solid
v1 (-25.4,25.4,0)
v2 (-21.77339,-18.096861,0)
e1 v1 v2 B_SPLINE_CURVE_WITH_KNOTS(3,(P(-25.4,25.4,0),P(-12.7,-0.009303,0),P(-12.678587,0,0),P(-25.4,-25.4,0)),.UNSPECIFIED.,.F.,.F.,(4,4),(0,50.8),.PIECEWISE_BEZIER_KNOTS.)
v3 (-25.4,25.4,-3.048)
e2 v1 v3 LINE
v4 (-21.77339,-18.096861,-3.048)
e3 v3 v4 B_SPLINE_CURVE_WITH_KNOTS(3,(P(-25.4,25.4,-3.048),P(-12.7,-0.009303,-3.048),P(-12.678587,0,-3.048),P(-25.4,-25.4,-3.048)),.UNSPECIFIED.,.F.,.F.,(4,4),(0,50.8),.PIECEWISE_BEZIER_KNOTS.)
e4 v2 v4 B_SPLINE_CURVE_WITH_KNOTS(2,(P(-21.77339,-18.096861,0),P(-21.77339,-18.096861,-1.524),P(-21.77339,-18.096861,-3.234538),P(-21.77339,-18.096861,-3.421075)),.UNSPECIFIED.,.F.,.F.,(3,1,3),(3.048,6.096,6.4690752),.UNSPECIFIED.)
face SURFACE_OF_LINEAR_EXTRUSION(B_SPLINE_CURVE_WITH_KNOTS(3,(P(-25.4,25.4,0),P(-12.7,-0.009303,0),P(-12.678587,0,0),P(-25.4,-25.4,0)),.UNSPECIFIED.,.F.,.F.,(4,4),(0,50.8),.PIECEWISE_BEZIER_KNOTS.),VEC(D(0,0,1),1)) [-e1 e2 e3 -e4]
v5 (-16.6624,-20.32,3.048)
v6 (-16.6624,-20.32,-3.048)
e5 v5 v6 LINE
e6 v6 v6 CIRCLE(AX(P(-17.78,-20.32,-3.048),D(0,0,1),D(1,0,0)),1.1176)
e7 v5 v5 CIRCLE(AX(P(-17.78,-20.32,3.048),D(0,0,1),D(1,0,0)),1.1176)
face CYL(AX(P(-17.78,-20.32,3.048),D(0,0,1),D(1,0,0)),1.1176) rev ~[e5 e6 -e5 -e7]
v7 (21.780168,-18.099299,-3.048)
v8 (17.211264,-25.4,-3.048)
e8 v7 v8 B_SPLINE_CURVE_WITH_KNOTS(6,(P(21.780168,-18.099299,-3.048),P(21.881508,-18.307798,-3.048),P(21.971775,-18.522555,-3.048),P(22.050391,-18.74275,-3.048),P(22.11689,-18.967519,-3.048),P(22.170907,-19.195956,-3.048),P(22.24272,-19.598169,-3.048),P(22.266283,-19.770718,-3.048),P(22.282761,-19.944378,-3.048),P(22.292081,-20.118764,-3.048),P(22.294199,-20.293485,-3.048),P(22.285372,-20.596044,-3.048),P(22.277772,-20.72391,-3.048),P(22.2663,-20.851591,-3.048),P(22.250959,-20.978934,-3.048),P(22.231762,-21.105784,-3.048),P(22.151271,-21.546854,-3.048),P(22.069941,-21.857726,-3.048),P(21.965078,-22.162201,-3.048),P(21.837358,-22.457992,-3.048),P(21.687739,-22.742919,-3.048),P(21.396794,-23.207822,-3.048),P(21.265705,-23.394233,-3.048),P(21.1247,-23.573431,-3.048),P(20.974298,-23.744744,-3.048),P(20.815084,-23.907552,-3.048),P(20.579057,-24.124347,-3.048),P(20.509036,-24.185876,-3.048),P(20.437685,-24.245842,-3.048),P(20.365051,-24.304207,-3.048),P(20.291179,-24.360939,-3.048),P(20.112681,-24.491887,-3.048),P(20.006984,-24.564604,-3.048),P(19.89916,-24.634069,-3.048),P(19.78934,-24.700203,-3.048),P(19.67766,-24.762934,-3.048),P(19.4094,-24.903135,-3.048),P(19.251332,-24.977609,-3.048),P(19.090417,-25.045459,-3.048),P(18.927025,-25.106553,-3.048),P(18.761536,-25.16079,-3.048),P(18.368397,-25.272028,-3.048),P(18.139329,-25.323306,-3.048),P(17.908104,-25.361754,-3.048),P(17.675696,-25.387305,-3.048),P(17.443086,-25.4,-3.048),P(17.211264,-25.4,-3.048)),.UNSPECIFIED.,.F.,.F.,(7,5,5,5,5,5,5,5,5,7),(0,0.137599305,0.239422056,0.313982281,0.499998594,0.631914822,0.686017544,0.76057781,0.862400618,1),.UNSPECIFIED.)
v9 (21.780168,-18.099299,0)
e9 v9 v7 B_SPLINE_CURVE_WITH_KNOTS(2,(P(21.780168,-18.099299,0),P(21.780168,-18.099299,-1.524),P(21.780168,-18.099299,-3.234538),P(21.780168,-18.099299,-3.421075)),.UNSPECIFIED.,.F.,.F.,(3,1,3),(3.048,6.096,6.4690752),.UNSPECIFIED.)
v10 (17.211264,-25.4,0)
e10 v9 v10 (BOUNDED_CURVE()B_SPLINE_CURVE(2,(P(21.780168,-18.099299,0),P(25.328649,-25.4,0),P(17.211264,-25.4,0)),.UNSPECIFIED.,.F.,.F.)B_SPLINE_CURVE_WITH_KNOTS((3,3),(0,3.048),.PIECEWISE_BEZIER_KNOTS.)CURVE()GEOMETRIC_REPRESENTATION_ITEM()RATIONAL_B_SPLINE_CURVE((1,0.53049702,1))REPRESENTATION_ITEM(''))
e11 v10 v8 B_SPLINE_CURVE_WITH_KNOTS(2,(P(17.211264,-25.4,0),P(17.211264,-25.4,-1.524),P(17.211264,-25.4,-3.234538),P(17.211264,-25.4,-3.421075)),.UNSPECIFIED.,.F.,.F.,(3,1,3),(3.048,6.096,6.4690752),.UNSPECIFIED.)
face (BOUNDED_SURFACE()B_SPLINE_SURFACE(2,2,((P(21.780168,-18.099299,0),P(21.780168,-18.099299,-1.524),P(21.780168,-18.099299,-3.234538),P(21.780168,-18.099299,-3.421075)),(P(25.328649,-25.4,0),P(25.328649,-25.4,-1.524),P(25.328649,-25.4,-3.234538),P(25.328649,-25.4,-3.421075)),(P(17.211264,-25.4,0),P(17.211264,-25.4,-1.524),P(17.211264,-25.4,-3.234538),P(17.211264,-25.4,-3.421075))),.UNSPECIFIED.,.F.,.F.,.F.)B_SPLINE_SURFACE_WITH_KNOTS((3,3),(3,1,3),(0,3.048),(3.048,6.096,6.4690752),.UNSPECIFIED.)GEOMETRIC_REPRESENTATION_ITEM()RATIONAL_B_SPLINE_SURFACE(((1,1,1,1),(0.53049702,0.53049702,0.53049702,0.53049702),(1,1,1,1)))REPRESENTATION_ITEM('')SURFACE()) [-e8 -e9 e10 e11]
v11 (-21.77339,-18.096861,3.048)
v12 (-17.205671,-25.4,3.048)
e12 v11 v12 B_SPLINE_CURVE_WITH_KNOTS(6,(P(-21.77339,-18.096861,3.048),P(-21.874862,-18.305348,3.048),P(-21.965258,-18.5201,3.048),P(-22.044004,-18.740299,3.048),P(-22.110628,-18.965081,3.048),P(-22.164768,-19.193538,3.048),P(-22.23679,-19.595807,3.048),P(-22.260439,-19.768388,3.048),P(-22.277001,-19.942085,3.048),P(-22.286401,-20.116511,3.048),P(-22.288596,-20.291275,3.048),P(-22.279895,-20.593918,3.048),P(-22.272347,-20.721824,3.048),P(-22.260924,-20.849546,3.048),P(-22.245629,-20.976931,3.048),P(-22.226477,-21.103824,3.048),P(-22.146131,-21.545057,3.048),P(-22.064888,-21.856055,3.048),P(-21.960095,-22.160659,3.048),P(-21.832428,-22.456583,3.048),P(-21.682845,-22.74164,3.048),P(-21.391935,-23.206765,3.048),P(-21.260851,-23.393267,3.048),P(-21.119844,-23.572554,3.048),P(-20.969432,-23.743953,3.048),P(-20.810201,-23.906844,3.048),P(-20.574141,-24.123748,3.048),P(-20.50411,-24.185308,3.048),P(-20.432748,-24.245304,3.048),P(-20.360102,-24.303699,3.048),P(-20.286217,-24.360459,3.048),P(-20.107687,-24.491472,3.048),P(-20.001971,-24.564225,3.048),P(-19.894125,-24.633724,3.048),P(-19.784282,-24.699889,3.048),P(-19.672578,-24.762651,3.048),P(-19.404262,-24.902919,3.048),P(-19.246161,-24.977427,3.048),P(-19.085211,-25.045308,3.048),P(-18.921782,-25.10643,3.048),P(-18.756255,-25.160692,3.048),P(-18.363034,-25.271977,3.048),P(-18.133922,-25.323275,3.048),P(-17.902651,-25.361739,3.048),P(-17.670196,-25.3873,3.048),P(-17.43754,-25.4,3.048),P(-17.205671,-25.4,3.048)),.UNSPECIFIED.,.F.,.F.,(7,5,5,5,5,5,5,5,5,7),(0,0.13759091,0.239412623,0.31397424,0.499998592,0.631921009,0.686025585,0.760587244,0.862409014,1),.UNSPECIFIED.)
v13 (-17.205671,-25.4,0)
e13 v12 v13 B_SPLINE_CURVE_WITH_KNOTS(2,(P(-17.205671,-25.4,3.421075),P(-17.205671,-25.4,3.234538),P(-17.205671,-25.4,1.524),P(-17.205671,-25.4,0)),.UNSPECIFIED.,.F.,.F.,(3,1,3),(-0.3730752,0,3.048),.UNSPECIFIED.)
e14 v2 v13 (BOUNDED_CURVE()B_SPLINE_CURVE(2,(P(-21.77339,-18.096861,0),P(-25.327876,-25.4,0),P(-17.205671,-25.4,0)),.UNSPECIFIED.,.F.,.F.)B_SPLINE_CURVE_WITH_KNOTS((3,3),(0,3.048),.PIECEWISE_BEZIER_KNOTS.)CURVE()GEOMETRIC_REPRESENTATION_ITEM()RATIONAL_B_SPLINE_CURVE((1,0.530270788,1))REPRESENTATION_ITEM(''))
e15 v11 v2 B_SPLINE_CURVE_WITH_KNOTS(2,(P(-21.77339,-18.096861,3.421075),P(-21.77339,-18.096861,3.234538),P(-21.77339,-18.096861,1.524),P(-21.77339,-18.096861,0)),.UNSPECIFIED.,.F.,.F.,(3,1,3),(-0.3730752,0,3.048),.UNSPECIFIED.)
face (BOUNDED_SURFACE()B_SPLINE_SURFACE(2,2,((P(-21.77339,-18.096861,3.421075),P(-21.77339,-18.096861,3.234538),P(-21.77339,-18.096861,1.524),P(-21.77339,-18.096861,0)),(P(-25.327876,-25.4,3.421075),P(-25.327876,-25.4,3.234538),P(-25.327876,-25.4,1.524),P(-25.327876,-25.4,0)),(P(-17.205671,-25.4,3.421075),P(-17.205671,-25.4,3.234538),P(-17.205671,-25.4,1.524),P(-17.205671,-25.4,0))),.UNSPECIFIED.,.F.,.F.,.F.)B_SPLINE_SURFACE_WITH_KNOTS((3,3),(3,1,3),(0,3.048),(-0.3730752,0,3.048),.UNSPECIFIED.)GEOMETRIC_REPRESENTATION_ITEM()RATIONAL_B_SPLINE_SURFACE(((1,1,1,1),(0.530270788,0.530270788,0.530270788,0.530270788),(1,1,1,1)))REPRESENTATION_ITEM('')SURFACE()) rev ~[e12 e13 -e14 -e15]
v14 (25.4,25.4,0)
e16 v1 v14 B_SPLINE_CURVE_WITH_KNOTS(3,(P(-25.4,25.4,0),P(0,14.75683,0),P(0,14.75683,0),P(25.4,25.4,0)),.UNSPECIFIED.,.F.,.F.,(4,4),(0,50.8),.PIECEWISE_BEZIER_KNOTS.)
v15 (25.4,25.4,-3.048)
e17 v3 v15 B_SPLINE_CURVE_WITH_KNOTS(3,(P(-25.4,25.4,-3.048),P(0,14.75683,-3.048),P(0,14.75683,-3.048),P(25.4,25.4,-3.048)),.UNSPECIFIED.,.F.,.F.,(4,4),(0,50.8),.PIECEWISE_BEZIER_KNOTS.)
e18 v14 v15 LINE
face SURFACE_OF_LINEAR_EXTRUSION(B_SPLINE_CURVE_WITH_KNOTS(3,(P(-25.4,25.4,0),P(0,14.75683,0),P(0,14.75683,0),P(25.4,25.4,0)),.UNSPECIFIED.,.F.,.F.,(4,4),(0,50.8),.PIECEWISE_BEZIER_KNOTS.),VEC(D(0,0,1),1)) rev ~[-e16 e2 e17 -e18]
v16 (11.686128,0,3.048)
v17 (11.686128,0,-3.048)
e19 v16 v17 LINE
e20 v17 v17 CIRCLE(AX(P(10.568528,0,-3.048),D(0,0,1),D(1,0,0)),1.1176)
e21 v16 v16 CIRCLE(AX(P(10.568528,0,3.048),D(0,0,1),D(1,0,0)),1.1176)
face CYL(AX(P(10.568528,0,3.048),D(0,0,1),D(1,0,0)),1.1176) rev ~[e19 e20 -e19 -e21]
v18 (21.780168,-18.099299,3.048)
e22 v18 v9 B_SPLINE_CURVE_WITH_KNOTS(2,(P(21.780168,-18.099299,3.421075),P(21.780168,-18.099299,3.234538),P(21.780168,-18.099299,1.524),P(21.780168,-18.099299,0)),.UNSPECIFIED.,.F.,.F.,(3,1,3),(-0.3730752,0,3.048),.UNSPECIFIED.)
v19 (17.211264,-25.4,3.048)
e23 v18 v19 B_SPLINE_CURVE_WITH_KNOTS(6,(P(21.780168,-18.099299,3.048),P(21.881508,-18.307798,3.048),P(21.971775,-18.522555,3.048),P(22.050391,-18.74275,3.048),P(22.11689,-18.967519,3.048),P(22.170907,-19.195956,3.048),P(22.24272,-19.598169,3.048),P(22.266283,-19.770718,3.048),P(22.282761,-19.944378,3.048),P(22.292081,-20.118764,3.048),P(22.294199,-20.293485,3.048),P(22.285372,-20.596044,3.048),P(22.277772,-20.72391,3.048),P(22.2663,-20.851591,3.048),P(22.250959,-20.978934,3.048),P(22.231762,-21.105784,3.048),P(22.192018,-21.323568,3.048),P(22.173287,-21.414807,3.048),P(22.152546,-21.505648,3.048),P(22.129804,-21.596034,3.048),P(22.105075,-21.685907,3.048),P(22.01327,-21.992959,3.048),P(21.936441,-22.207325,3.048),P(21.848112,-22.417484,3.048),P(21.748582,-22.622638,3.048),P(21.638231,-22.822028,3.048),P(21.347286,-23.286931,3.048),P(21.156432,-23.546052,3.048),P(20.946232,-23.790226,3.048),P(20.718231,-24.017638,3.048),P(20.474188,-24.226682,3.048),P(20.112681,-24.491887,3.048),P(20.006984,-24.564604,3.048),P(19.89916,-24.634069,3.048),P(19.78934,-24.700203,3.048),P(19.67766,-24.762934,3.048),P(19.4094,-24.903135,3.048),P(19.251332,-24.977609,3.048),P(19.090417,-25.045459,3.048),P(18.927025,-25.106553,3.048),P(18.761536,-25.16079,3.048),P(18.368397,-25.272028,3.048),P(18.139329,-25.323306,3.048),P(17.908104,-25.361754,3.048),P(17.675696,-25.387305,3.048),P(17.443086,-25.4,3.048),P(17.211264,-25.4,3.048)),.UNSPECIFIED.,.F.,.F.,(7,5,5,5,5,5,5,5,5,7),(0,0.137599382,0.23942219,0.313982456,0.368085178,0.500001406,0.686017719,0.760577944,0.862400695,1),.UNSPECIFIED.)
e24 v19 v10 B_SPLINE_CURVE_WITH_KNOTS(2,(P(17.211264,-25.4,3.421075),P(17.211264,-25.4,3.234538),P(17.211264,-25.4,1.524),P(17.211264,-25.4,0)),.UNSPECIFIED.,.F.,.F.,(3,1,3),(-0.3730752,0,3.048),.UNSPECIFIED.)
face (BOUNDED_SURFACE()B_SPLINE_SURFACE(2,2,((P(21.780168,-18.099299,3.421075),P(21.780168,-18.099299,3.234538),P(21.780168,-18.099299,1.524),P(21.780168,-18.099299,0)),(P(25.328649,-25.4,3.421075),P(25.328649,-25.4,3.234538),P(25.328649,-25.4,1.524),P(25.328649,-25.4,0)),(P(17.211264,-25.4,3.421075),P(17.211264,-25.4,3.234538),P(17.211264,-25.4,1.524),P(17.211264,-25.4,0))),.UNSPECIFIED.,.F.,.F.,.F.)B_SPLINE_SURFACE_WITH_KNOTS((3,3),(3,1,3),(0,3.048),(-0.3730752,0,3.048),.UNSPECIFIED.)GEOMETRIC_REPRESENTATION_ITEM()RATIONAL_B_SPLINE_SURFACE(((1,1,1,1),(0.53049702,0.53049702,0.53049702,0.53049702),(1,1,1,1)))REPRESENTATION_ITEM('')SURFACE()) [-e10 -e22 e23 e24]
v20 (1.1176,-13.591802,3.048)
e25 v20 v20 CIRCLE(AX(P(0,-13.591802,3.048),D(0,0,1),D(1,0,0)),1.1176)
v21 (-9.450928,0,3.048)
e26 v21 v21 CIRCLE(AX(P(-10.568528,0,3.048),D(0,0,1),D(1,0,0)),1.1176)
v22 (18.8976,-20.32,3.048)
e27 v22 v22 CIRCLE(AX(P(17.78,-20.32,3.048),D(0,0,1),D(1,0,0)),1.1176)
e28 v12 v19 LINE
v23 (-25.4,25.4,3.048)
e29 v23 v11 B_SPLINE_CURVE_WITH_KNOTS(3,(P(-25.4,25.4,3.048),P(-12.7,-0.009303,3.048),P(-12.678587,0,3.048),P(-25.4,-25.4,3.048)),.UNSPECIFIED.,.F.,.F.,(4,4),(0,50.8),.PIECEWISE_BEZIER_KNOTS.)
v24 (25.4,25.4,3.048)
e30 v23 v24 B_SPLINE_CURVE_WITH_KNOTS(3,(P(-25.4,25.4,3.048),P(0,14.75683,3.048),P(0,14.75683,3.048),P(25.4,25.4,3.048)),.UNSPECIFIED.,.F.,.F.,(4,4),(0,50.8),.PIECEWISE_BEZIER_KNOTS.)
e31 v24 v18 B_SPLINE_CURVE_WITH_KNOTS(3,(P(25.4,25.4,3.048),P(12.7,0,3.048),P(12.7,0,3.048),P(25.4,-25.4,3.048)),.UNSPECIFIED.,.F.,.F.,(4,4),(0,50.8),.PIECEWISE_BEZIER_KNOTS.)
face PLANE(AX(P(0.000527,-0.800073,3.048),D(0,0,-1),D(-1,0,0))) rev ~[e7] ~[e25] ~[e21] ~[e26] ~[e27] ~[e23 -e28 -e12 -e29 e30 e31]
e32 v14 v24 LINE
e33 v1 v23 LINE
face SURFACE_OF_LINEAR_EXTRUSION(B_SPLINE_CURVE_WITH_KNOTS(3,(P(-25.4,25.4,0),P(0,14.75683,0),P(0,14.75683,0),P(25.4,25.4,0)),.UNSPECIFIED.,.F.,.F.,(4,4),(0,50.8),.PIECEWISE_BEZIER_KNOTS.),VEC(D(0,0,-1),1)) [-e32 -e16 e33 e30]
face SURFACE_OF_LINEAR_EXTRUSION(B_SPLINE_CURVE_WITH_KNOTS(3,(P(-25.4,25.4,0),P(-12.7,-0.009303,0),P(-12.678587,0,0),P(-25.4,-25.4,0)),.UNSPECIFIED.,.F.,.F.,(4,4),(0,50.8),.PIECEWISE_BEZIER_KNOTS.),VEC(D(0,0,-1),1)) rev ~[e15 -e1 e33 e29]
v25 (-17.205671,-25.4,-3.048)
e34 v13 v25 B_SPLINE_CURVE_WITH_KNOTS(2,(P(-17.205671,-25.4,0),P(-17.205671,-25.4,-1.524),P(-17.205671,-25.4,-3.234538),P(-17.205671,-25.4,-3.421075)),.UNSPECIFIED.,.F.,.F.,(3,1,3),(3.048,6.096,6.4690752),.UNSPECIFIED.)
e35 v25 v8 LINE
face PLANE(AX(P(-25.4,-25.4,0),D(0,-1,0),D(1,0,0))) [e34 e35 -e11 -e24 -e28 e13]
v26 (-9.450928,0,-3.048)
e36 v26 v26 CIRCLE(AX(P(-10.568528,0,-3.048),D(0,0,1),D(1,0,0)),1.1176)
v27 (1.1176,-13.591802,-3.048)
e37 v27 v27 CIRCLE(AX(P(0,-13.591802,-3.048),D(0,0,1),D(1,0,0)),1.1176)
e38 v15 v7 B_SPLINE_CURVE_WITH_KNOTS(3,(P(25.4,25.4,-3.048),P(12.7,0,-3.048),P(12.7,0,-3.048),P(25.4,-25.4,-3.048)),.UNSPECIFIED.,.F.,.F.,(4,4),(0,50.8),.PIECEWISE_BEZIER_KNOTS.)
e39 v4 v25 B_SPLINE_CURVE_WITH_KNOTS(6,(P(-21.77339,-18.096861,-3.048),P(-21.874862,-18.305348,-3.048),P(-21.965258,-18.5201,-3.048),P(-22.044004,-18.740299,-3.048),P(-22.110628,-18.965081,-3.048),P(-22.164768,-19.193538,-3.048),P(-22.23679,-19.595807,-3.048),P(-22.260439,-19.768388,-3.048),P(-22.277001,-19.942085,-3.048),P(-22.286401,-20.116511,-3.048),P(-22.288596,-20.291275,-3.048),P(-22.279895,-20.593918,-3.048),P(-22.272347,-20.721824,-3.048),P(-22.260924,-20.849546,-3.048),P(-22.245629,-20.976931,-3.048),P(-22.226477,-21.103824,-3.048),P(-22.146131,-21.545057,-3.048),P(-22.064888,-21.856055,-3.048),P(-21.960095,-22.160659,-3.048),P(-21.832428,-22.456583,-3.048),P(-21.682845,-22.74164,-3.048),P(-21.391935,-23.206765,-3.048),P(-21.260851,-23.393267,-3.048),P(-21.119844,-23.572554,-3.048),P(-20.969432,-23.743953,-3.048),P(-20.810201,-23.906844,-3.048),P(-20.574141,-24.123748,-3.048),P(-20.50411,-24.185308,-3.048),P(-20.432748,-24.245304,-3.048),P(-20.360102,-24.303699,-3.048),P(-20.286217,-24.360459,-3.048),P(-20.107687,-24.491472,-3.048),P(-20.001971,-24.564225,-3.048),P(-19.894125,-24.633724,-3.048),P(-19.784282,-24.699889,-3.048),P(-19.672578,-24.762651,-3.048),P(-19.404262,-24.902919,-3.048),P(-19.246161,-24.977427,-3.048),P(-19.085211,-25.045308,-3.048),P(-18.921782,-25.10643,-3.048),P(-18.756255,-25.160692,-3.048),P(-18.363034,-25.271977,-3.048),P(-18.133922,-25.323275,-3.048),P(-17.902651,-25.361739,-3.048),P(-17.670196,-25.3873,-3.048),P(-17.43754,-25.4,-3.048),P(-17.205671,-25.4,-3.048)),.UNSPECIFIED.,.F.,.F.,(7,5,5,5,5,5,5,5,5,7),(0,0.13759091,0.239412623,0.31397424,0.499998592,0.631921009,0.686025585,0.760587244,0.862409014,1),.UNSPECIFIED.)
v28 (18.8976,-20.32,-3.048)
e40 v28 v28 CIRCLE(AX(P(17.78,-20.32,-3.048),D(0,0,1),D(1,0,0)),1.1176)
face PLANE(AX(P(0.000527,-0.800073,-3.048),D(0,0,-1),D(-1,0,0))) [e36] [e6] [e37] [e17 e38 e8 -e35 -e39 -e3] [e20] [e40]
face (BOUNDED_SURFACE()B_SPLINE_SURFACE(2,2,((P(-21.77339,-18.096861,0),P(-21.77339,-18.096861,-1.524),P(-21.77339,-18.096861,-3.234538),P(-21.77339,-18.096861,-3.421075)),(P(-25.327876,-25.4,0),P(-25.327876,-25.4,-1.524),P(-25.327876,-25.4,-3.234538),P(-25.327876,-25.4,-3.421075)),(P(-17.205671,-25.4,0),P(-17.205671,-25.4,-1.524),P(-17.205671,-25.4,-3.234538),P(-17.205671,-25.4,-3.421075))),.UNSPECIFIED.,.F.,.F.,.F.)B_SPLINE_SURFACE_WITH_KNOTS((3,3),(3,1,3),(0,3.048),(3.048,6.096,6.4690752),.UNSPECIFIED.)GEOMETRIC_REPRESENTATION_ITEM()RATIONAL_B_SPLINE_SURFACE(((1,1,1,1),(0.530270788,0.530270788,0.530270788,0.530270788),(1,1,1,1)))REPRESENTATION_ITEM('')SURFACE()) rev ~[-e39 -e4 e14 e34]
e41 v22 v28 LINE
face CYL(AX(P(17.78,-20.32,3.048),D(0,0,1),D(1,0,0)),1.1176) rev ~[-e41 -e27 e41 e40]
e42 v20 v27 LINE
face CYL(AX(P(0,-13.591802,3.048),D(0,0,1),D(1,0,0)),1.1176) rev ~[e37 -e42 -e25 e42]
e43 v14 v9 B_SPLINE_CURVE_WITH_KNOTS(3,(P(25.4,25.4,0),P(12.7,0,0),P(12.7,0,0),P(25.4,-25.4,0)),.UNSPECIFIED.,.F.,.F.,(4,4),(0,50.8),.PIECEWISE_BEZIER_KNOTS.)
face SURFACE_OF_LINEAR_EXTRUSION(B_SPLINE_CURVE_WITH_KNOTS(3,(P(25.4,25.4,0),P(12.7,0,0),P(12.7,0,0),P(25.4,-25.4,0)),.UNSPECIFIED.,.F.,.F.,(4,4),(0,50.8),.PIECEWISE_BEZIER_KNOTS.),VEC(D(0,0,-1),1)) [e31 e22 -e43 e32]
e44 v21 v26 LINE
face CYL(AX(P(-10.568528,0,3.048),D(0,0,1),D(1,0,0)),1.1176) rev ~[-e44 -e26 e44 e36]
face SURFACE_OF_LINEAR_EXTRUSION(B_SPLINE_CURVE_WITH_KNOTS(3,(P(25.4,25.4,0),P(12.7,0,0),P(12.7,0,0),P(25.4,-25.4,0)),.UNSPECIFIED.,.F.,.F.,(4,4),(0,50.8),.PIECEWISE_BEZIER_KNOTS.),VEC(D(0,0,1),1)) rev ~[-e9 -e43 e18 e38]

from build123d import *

# Parameters (mm, degrees)
F1_DEPTH = 3.048
F2_R     = 1.1176
F3_DEPTH = 6.35
F4_R     = 5.08


with BuildPart() as f1:
    # F0 (on Top) → F1 (new body, symmetric)
    with BuildSketch(Plane.XY):
        with BuildLine():
            add(Edge.make_bspline(
                [(-25.4, 25.4), (0, 14.75683), (0, 14.75683), (25.4, 25.4)],
                knots=[0, 0, 0, 0, 50.8, 50.8, 50.8, 50.8], degree=3))
            add(Edge.make_bspline(
                [(-25.4, 25.4), (-12.7, -0.009303), (-12.678587, 0), (-25.4, -25.4)],
                knots=[0, 0, 0, 0, 50.8, 50.8, 50.8, 50.8], degree=3))
            Line((-25.4, -25.4), (25.4, -25.4))
            add(Edge.make_bspline(
                [(25.4, 25.4), (12.7, 0), (12.7, 0), (25.4, -25.4)],
                knots=[0, 0, 0, 0, 50.8, 50.8, 50.8, 50.8], degree=3))
        make_face()
    extrude(amount=F1_DEPTH, both=True)

    # F2 (on face) → F3 (cut)
    with BuildSketch(Plane.XY.offset(3.048)):
        with Locations((-17.78, -20.32)):
            Circle(F2_R)
        with Locations((17.78, -20.32)):
            Circle(F2_R)
        with Locations((0, -13.591802)):
            Circle(F2_R)
        with Locations((-10.568528, 0)):
            Circle(F2_R)
        with Locations((10.568528, 0)):
            Circle(F2_R)
    extrude(amount=-F3_DEPTH, mode=Mode.SUBTRACT)

    # F4
    f4_edges = [f1.edges().sort_by_distance(p)[0] for p in [
        (-25.4, -25.4, -1.524),
        (25.4, -25.4, -1.524),
    ]]
    fillet(f4_edges, radius=F4_R)


solid = f1.part
